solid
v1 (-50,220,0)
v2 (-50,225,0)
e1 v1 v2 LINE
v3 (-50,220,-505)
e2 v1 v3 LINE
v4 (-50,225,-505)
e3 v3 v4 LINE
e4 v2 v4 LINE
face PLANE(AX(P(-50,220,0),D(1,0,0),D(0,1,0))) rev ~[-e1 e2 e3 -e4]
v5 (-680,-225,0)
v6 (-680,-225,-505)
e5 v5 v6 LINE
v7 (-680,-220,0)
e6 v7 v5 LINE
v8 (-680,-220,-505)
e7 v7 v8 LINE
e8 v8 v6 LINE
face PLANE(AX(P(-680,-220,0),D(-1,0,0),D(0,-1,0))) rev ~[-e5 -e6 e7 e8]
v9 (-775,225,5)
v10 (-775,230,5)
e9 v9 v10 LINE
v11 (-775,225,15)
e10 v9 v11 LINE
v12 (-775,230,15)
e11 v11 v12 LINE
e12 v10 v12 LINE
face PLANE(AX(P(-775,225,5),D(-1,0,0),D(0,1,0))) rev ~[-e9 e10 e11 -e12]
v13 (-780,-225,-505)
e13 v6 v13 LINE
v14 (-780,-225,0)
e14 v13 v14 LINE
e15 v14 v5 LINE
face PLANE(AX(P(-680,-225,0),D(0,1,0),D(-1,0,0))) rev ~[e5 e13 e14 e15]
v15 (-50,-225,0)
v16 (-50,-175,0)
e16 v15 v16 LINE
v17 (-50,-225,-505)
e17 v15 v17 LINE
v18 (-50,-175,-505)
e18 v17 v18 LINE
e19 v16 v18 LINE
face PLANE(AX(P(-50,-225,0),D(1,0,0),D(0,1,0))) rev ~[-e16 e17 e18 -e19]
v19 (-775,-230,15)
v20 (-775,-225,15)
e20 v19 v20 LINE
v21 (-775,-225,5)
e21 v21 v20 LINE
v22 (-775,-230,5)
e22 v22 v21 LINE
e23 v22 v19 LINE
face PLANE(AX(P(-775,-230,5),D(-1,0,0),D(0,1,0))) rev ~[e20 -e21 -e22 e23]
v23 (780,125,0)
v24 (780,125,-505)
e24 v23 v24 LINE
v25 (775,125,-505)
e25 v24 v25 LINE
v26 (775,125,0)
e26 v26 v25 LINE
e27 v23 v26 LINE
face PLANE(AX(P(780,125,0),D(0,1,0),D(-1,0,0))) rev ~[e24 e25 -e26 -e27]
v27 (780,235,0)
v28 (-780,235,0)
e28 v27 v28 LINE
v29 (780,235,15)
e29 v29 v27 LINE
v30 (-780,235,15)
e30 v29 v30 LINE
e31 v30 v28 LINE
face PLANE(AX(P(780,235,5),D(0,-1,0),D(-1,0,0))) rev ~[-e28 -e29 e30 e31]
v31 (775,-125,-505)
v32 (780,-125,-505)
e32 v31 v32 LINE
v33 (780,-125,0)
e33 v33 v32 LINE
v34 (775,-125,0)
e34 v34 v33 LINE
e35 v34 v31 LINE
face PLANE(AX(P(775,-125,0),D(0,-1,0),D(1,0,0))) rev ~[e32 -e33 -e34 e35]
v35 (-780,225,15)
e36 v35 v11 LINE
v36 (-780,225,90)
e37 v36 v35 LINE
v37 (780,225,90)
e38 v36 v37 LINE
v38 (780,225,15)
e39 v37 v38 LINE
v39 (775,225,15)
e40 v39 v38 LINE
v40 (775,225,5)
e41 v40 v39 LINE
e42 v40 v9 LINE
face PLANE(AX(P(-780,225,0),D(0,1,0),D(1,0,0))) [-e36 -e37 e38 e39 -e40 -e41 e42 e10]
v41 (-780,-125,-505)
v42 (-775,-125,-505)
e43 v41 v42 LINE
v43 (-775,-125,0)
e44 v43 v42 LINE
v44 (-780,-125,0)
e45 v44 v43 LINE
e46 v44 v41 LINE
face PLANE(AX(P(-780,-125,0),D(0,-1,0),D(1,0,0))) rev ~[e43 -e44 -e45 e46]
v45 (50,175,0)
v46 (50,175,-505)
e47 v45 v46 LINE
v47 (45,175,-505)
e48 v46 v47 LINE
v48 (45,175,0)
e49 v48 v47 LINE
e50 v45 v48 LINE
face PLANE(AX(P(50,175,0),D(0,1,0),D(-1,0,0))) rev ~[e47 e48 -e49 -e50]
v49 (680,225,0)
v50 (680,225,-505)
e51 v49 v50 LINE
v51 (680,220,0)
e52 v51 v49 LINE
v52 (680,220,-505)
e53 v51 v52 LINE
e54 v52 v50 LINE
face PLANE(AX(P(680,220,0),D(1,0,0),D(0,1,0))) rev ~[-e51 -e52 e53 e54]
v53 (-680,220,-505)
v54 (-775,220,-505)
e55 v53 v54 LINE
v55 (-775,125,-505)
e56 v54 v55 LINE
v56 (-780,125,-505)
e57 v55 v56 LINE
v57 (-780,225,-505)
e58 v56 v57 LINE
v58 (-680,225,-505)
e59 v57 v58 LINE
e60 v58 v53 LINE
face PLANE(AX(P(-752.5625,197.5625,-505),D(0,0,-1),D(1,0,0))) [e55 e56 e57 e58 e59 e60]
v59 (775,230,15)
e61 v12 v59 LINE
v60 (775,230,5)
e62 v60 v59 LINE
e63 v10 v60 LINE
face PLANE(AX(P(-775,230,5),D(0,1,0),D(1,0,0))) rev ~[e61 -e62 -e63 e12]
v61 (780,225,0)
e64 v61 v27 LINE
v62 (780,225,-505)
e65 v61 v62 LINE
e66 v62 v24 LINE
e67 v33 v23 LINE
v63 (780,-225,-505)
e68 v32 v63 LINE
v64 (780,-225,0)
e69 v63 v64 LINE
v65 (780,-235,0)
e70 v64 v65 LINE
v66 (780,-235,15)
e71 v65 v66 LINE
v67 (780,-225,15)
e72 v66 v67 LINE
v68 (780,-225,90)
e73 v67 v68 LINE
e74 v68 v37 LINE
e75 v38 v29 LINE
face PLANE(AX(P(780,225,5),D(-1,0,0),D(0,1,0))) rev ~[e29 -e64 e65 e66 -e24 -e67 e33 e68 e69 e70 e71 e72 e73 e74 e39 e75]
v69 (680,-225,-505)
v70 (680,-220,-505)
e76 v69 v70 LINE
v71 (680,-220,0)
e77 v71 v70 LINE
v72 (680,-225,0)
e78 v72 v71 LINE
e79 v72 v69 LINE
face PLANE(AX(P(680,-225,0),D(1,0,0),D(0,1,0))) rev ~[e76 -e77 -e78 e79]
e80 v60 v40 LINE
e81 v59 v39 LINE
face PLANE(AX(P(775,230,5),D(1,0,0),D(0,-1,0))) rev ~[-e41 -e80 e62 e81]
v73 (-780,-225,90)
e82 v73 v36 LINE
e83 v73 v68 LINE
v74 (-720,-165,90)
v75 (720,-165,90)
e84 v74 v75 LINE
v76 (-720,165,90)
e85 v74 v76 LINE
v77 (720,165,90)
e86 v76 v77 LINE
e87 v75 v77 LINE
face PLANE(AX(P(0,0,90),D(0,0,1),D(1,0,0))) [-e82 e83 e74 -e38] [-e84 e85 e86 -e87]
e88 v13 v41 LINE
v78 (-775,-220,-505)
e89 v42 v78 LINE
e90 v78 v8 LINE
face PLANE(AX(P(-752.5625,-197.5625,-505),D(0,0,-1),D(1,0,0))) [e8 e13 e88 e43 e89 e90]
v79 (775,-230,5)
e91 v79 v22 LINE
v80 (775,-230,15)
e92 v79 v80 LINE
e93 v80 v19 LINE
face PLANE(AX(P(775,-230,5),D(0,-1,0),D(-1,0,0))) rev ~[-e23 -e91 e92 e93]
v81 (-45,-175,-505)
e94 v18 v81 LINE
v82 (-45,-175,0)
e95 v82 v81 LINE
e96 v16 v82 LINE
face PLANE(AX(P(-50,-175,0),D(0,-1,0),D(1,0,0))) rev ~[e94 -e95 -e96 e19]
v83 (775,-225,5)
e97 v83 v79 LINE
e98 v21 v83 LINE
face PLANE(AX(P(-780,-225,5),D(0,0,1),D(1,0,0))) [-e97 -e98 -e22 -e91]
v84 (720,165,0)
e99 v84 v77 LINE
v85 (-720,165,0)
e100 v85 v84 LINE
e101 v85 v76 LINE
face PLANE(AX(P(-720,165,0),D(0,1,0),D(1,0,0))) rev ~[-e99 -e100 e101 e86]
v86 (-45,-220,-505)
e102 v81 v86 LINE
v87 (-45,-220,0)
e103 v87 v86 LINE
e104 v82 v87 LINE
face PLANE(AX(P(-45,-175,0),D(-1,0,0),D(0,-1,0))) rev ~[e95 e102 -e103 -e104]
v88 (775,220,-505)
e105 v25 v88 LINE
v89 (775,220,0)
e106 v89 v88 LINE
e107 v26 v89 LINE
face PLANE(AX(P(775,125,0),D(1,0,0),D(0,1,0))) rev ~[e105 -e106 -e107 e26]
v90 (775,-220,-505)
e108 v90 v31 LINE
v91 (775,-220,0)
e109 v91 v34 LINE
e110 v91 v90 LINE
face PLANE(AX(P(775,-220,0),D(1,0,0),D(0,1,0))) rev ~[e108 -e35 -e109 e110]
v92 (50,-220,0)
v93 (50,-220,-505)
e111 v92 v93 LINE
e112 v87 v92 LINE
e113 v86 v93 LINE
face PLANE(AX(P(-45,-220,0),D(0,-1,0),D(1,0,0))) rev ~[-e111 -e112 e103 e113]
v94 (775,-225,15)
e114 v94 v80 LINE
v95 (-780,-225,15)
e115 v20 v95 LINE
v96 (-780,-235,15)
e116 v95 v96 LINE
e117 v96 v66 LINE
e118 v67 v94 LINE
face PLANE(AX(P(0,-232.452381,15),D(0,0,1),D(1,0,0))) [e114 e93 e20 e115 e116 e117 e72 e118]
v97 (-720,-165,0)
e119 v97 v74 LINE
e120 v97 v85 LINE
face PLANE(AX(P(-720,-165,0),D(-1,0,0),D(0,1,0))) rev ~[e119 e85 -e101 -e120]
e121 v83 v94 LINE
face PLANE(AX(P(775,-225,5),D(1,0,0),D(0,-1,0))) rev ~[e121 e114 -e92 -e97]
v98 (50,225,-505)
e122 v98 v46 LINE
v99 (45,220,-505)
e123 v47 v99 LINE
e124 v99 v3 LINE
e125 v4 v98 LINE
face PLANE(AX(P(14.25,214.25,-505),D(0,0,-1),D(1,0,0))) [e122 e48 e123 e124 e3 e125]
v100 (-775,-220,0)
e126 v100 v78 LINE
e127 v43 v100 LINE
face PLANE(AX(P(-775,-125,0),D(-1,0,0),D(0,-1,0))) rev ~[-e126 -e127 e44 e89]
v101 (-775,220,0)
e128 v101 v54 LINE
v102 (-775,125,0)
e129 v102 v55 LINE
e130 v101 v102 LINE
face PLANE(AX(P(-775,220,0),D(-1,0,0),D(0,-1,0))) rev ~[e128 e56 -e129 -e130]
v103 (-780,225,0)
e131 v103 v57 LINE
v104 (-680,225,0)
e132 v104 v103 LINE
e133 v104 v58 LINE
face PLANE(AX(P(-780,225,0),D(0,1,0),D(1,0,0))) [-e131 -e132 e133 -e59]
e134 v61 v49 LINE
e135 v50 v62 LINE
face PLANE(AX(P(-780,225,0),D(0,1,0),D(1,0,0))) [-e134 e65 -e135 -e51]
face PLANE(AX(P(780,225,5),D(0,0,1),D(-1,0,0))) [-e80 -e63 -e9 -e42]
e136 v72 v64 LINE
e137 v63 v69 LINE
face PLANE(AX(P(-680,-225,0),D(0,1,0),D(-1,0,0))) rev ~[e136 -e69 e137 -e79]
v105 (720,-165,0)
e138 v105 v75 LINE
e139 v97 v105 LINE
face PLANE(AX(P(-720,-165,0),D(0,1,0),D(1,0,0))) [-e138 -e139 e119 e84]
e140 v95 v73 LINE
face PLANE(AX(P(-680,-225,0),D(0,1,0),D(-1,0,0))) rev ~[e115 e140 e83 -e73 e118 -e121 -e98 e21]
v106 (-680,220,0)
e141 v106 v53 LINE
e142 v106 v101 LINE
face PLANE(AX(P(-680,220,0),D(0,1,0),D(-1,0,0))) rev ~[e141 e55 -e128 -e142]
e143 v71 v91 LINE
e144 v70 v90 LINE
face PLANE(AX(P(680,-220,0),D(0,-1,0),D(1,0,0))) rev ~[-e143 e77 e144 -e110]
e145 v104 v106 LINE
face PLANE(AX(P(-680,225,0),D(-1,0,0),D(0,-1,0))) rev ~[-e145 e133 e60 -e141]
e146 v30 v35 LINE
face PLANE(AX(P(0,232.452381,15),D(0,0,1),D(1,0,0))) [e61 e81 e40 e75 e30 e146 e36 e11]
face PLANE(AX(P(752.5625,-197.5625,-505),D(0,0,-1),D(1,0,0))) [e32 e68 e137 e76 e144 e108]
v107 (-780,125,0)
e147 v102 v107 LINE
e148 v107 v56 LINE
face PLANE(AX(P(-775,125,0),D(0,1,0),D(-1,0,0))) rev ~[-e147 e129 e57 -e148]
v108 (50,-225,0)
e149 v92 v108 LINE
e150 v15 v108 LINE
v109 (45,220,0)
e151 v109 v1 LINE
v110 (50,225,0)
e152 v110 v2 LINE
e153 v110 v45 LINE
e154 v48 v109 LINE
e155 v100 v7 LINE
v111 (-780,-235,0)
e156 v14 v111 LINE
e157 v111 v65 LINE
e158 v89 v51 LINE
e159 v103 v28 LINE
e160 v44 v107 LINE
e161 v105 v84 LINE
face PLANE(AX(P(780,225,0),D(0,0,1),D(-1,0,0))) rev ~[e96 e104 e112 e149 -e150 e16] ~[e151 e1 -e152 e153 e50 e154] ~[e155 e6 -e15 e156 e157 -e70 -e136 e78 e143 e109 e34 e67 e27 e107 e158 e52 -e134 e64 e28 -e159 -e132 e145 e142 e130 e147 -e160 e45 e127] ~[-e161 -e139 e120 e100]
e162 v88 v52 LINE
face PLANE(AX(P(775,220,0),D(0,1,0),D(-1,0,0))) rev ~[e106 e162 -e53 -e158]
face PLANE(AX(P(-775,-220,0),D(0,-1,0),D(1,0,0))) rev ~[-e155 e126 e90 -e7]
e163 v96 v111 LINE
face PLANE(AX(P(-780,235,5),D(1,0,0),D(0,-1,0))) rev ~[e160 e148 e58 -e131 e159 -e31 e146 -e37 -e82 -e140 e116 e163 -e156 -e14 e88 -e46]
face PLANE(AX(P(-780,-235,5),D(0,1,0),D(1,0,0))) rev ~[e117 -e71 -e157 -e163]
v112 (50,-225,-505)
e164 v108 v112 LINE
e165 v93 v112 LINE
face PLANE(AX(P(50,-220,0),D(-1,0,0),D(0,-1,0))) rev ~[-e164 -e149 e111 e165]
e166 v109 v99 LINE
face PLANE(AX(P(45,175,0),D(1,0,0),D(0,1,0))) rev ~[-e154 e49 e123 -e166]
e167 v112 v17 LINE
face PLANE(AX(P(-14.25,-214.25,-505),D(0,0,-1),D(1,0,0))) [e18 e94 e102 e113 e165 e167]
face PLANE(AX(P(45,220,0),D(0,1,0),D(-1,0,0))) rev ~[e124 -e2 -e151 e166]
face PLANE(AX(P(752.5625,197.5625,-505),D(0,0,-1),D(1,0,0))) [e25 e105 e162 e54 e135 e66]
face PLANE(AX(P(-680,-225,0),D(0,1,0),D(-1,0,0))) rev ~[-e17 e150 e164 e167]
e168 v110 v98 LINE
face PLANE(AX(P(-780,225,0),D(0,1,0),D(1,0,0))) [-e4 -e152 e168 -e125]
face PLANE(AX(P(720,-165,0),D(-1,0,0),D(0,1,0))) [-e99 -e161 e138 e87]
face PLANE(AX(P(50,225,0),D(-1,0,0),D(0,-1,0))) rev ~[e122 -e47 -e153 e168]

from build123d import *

# Parameters (mm, degrees)
F0_W      = 1560
F0_H      = 450
F0_W_2    = 1440
F0_H_2    = 330
F1_DEPTH  = 90
F3_DEPTH  = 505
F4_W      = 1560
F4_H      = 5
F6_DEPTH  = 10
F5_W      = 1560
F5_H      = 5
F7_DEPTH  = 10
F9_DEPTH  = 10
F11_DEPTH = 10


with BuildPart() as f1:
    # F0 (on Top) → F1 (new body)
    with BuildSketch(Plane.XY):
        Rectangle(F0_W, F0_H)
        Rectangle(F0_W_2, F0_H_2, mode=Mode.SUBTRACT)
    extrude(amount=F1_DEPTH)

    # F2 (on face) → F3 (join)
    with BuildSketch(Plane(origin=(0, 0, 0), x_dir=(1, 0, 0), z_dir=(0, 0, -1))):
        Polygon((-780, 225), (-780, 125), (-775, 125), (-775, 220), (-680, 220), (-680, 225), align=None)
        Polygon((-775, -125), (-780, -125), (-780, -225), (-680, -225), (-680, -220), (-775, -220), align=None)
        Polygon((50, 225), (-50, 225), (-50, 175), (-45, 175), (-45, 220), (50, 220), align=None)
        Polygon((-50, -220), (-50, -225), (50, -225), (50, -175), (45, -175), (45, -220), align=None)
        Polygon((780, 225), (680, 225), (680, 220), (775, 220), (775, 125), (780, 125), align=None)
        Polygon((680, -220), (680, -225), (780, -225), (780, -125), (775, -125), (775, -220), align=None)
    extrude(amount=F3_DEPTH)

    # F4 (on face) → F6 (join)
    with BuildSketch(Plane.XZ.offset(225)):
        with Locations((0, 2.5)):
            Rectangle(F4_W, F4_H)
    extrude(amount=F6_DEPTH)

    # F5 (on face) → F7 (join)
    with BuildSketch(Plane(origin=(0, 225, 0), x_dir=(-1, 0, 0), z_dir=(0, 1, 0))):
        with Locations((0, 2.5)):
            Rectangle(F5_W, F5_H)
    extrude(amount=F7_DEPTH)

    # F8 (on face) → F9 (join)
    with BuildSketch(Plane.XY.offset(5)):
        Polygon((-780, -230), (-780, -235), (-775, -235), (775, -235), (780, -235), (780, -230), (780, -225), (775, -225), (775, -230), (-775, -230), (-775, -225), (-780, -225), align=None)
    extrude(amount=F9_DEPTH)

    # F10 (on face) → F11 (join)
    with BuildSketch(Plane.XY.offset(5)):
        Polygon((-780, 235), (-780, 225), (-775, 225), (-775, 230), (775, 230), (775, 225), (780, 225), (780, 230), (780, 235), (-775, 235), align=None)
    extrude(amount=F11_DEPTH)


solid = f1.part
